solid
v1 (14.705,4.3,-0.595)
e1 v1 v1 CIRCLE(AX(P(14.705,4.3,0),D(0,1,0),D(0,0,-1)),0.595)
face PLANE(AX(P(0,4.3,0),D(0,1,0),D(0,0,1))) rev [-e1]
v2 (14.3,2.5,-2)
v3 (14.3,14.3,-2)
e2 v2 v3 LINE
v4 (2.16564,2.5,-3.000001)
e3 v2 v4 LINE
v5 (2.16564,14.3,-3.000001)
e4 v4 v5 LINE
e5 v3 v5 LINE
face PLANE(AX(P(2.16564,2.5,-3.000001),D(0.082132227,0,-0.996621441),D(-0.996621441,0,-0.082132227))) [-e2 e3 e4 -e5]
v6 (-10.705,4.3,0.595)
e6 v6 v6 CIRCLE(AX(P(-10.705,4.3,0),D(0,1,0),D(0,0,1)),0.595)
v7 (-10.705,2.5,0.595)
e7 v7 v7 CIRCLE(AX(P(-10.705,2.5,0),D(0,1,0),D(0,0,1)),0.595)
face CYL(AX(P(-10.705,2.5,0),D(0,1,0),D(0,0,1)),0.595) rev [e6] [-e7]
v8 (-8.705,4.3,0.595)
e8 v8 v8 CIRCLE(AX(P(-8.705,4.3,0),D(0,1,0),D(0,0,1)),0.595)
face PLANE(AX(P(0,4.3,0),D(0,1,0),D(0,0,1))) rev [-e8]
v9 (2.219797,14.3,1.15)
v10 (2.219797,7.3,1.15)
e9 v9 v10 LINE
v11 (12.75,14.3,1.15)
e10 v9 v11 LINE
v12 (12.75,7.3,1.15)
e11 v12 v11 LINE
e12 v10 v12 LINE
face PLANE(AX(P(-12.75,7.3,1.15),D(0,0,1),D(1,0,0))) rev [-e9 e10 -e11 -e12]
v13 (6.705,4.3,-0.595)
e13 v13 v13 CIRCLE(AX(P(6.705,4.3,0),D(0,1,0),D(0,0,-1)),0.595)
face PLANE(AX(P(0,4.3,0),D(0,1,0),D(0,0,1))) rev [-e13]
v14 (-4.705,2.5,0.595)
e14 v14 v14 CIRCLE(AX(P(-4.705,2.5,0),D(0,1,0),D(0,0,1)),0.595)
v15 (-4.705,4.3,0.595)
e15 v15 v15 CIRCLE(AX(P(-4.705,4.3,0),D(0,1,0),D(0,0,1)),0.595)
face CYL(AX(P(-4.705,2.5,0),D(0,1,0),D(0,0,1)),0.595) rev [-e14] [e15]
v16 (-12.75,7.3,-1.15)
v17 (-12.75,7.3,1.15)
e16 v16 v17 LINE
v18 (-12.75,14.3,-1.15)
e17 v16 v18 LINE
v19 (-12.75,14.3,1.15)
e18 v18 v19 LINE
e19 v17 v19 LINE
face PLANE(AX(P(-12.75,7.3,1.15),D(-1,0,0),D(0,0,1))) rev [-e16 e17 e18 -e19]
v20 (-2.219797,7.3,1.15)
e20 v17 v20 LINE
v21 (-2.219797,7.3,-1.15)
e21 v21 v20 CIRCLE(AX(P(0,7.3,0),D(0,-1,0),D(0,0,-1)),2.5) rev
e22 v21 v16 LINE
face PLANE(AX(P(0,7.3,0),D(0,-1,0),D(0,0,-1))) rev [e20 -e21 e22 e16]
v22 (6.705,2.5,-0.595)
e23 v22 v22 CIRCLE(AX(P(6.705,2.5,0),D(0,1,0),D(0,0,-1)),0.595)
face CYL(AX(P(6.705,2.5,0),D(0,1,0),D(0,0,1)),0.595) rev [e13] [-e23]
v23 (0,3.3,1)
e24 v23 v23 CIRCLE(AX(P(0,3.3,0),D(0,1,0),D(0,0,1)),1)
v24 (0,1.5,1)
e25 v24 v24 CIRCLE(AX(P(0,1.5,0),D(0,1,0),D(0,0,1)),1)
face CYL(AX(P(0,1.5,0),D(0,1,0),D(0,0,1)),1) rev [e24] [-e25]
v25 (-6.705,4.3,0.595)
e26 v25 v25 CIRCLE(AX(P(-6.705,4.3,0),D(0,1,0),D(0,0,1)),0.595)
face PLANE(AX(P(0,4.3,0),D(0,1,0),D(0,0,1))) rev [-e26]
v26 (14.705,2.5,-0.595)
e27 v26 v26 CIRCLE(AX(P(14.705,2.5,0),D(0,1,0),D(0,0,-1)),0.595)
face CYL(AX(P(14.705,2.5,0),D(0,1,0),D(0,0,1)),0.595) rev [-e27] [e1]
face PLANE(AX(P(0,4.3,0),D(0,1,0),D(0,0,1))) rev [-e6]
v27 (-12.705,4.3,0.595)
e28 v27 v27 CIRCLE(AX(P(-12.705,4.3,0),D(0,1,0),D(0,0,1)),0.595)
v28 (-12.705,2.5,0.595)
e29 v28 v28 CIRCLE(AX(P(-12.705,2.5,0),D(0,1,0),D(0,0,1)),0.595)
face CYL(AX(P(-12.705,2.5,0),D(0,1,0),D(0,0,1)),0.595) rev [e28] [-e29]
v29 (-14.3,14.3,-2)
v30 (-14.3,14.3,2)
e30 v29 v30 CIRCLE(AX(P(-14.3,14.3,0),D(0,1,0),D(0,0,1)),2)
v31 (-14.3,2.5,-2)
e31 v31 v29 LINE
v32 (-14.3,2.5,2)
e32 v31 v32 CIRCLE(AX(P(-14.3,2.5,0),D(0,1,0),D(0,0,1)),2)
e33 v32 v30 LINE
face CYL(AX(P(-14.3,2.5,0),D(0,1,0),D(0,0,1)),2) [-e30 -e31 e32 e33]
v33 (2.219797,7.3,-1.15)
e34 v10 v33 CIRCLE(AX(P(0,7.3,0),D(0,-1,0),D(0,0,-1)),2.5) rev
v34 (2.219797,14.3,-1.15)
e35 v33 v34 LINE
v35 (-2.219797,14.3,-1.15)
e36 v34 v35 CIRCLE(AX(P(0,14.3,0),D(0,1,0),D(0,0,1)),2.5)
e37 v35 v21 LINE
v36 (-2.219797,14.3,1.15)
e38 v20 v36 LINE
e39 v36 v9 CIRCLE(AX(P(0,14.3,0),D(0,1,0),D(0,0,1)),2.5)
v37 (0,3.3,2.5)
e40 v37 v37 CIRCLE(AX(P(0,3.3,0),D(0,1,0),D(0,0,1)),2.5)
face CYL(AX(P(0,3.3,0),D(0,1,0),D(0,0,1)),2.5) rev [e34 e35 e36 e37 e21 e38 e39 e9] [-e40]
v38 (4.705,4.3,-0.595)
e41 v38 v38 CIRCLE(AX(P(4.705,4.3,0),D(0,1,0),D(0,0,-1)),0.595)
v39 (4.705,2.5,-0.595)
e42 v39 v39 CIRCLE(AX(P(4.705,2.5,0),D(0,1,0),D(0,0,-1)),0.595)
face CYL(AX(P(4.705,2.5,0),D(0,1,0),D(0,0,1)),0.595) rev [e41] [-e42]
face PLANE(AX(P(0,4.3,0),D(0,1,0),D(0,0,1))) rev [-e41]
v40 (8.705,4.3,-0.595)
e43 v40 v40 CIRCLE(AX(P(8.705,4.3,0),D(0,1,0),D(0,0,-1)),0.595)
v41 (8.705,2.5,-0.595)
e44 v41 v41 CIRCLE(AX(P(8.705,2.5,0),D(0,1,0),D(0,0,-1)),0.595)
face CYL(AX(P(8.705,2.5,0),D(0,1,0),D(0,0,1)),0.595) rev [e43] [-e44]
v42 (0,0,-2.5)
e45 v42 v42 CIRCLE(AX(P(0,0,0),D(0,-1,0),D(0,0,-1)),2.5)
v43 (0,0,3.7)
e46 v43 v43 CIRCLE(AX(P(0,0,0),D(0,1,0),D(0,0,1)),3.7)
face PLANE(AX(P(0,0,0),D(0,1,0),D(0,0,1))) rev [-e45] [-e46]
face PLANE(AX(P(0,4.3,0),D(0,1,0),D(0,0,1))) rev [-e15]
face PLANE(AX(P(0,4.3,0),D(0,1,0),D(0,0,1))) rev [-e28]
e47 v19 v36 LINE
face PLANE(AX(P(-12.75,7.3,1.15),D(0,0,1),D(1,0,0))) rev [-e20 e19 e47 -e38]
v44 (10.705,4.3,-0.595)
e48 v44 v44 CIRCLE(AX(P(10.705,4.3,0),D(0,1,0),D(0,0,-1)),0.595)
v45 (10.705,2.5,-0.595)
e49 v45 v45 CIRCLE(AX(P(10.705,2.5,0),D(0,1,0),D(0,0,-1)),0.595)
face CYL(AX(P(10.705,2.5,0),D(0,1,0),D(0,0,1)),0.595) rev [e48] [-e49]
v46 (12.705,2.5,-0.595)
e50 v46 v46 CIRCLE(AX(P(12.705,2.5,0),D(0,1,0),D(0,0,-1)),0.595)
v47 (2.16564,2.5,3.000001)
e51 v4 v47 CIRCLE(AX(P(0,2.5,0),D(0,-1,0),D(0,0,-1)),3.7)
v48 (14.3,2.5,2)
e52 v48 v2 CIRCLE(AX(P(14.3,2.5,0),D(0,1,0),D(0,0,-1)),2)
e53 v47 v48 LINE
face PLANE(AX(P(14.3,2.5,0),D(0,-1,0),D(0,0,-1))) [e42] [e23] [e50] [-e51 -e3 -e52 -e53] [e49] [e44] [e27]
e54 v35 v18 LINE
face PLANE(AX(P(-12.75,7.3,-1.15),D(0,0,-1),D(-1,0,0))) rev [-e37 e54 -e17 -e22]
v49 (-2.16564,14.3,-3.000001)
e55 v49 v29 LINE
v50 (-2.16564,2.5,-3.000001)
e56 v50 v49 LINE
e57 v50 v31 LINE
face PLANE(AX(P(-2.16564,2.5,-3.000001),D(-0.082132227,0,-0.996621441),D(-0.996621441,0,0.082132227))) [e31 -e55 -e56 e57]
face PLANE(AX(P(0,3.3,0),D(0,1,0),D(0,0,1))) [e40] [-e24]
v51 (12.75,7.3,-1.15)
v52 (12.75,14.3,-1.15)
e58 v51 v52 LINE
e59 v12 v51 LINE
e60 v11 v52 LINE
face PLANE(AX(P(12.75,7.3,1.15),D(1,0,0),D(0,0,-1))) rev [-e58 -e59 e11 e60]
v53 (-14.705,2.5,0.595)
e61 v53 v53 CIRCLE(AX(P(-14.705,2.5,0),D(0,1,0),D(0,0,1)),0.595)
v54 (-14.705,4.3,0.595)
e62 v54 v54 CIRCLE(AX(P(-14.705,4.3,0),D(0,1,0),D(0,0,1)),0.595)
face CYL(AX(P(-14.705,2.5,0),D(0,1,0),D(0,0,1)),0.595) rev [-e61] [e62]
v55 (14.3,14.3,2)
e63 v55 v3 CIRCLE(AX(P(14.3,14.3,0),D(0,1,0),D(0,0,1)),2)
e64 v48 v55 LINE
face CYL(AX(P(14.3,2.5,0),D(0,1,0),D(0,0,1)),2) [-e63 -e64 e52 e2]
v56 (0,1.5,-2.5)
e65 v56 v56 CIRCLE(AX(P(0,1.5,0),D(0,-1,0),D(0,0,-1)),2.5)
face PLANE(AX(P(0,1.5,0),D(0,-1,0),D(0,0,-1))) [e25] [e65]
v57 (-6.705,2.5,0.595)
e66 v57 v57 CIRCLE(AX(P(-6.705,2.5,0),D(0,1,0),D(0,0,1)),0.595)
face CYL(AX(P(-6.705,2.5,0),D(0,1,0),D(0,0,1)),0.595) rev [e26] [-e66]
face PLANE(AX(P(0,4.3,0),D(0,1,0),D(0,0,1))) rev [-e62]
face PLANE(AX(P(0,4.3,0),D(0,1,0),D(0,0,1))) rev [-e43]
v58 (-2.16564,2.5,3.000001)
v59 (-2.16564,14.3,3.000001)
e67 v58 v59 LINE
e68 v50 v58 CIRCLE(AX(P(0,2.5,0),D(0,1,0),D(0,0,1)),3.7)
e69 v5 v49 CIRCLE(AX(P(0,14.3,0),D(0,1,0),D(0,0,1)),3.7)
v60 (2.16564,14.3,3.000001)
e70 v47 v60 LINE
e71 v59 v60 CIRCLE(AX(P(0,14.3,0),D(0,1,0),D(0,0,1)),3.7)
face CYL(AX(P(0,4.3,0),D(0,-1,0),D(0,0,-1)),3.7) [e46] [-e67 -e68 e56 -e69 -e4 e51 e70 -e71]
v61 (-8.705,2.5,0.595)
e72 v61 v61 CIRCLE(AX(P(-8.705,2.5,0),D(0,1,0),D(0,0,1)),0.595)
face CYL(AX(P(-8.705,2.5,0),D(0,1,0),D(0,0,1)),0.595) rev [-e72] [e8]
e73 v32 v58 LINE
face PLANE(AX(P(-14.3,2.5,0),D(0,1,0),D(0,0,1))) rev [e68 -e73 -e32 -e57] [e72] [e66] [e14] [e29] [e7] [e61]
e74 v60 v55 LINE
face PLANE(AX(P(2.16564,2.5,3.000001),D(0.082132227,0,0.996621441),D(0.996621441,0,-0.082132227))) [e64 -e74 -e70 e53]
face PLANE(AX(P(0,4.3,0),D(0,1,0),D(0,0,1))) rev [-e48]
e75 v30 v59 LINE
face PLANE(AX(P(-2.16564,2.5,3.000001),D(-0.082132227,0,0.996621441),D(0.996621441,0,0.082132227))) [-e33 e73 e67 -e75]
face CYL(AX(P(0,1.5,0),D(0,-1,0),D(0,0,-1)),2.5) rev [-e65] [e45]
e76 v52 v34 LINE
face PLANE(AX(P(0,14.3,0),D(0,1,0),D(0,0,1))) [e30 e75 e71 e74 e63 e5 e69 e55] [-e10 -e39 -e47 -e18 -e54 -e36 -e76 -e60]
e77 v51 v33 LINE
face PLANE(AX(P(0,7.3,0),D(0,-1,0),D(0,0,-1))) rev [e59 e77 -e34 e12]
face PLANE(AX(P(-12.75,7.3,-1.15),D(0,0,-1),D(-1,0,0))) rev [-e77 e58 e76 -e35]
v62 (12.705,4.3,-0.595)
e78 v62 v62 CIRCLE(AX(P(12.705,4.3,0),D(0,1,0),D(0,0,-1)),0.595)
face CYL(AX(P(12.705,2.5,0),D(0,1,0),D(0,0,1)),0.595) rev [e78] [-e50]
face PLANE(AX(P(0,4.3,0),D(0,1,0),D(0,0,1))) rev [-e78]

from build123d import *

# Parameters (mm, degrees)
CROQUIS1_R              = 3.7
SALIENTE_EXTRUIR2_DEPTH = 4.3
CROQUIS2_R              = 2.5
CORTAR_EXTRUIR1_DEPTH   = 1.5
CORTAR_EXTRUIR2_START   = -1
CROQUIS3_R              = 2.5
CORTAR_EXTRUIR2_DEPTH   = 1
CROQUIS4_R              = 1
CORTAR_EXTRUIR3_DEPTH   = 1.8
SALIENTE_EXTRUIR3_DEPTH = 1.8
CROQUIS6_R              = 0.595
CORTAR_EXTRUIR4_DEPTH   = 1.8
SKETCH1_R               = 2.5
BOSS_EXTRUDE1_DEPTH     = 10
SKETCH2_W               = 25.5
SKETCH2_H               = 2.3
CUT_EXTRUDE1_DEPTH      = 7


with BuildPart() as part:
    # Croquis1 → Saliente-Extruir2 (new body)
    with BuildSketch(Plane(origin=(0, 0, 0), x_dir=(1, 0, 0), z_dir=(0, 1, 0))):
        with Locations(Location((0, 0, 0), (0, 0, 90))):
            Circle(CROQUIS1_R)
    extrude(amount=SALIENTE_EXTRUIR2_DEPTH)

    # Croquis2 → Cortar-Extruir1 (cut)
    with BuildSketch(Plane.XZ):
        with Locations(Location((0, 0, 0), (0, 0, 270))):
            Circle(CROQUIS2_R)
    extrude(amount=-CORTAR_EXTRUIR1_DEPTH, mode=Mode.SUBTRACT)

    # Croquis3 → Cortar-Extruir2 (cut)
    with BuildSketch(Plane(origin=(0, 4.3, 0), x_dir=(1, 0, 0), z_dir=(0, 1, 0)).offset(CORTAR_EXTRUIR2_START)):
        with Locations(Location((0, 0, 0), (0, 0, 90))):
            Circle(CROQUIS3_R)
    extrude(amount=CORTAR_EXTRUIR2_DEPTH, mode=Mode.SUBTRACT)

    # Croquis4 → Cortar-Extruir3 (cut)
    with BuildSketch(Plane(origin=(0, 3.3, 0), x_dir=(1, 0, 0), z_dir=(0, 1, 0))):
        with Locations(Location((0, 0, 0), (0, 0, 270))):
            Circle(CROQUIS4_R)
    extrude(amount=-CORTAR_EXTRUIR3_DEPTH, mode=Mode.SUBTRACT)

    # Croquis5 → Saliente-Extruir3 (add)
    with BuildSketch(Plane(origin=(0, 4.3, 0), x_dir=(1, 0, 0), z_dir=(0, 1, 0))):
        with BuildLine():
            Line((-2.16564, 3.000000565), (-3.120237459, 0))
            Line((-3.120237459, 0), (-2.16564, -3.000000565))
            Line((-2.16564, -3.000000565), (-14.3, -2))
            ThreePointArc((-14.3, -2), (-16.3, 0), (-14.3, 2))
            Line((-14.3, 2), (-2.16564, 3.000000565))
        make_face()
        with BuildLine():
            Line((3.120237459, 0), (2.16564, -3.000000565))
            Line((2.16564, -3.000000565), (14.3, -2))
            ThreePointArc((14.3, -2), (16.3, 0), (14.3, 2))
            Line((14.3, 2), (2.16564, 3.000000565))
            Line((2.16564, 3.000000565), (3.120237459, 0))
        make_face()
    extrude(amount=-SALIENTE_EXTRUIR3_DEPTH)

    # Croquis6 → Cortar-Extruir4 (cut)
    with BuildSketch(Plane(origin=(0, 4.3, 0), x_dir=(1, 0, 0), z_dir=(0, 1, 0))):
        with Locations(Location((-14.705, 0, 0), (0, 0, 270))):
            Circle(CROQUIS6_R)
        with Locations(Location((-12.705, 0, 0), (0, 0, 270))):
            Circle(CROQUIS6_R)
        with Locations(Location((-10.705, 0, 0), (0, 0, 270))):
            Circle(CROQUIS6_R)
        with Locations(Location((-8.705, 0, 0), (0, 0, 270))):
            Circle(CROQUIS6_R)
        with Locations(Location((-6.705, 0, 0), (0, 0, 270))):
            Circle(CROQUIS6_R)
        with Locations(Location((-4.705, 0, 0), (0, 0, 270))):
            Circle(CROQUIS6_R)
        with Locations(Location((14.705, 0, 0), (0, 0, 90))):
            Circle(CROQUIS6_R)
        with Locations(Location((12.705, 0, 0), (0, 0, 90))):
            Circle(CROQUIS6_R)
        with Locations(Location((10.705, 0, 0), (0, 0, 90))):
            Circle(CROQUIS6_R)
        with Locations(Location((8.705, 0, 0), (0, 0, 90))):
            Circle(CROQUIS6_R)
        with Locations(Location((6.705, 0, 0), (0, 0, 90))):
            Circle(CROQUIS6_R)
        with Locations(Location((4.705, 0, 0), (0, 0, 90))):
            Circle(CROQUIS6_R)
    extrude(amount=-CORTAR_EXTRUIR4_DEPTH, mode=Mode.SUBTRACT)

    # Sketch1 → Boss-Extrude1 (add)
    with BuildSketch(Plane(origin=(0, 4.3, 0), x_dir=(1, 0, 0), z_dir=(0, 1, 0))):
        with BuildLine():
            Line((2.16564, -3.000000565), (14.3, -2))
            ThreePointArc((14.3, -2), (16.3, 0), (14.3, 2))
            Line((14.3, 2), (2.16564, 3.000000565))
            ThreePointArc((2.16564, 3.000000565), (0, 3.7), (-2.16564, 3.000000565))
            Line((-2.16564, 3.000000565), (-14.3, 2))
            ThreePointArc((-14.3, 2), (-16.3, 0), (-14.3, -2))
            Line((-14.3, -2), (-2.16564, -3.000000565))
            ThreePointArc((-2.16564, -3.000000565), (0, -3.7), (2.16564, -3.000000565))
        make_face()
        with Locations(Location((0, 0, 0), (0, 0, 90))):
            Circle(SKETCH1_R, mode=Mode.SUBTRACT)
    extrude(amount=BOSS_EXTRUDE1_DEPTH)

    # Sketch2 → Cut-Extrude1 (cut)
    with BuildSketch(Plane(origin=(0, 14.3, 0), x_dir=(1, 0, 0), z_dir=(0, 1, 0))):
        Rectangle(SKETCH2_W, SKETCH2_H)
    extrude(amount=-CUT_EXTRUDE1_DEPTH, mode=Mode.SUBTRACT)


solid = part.part
